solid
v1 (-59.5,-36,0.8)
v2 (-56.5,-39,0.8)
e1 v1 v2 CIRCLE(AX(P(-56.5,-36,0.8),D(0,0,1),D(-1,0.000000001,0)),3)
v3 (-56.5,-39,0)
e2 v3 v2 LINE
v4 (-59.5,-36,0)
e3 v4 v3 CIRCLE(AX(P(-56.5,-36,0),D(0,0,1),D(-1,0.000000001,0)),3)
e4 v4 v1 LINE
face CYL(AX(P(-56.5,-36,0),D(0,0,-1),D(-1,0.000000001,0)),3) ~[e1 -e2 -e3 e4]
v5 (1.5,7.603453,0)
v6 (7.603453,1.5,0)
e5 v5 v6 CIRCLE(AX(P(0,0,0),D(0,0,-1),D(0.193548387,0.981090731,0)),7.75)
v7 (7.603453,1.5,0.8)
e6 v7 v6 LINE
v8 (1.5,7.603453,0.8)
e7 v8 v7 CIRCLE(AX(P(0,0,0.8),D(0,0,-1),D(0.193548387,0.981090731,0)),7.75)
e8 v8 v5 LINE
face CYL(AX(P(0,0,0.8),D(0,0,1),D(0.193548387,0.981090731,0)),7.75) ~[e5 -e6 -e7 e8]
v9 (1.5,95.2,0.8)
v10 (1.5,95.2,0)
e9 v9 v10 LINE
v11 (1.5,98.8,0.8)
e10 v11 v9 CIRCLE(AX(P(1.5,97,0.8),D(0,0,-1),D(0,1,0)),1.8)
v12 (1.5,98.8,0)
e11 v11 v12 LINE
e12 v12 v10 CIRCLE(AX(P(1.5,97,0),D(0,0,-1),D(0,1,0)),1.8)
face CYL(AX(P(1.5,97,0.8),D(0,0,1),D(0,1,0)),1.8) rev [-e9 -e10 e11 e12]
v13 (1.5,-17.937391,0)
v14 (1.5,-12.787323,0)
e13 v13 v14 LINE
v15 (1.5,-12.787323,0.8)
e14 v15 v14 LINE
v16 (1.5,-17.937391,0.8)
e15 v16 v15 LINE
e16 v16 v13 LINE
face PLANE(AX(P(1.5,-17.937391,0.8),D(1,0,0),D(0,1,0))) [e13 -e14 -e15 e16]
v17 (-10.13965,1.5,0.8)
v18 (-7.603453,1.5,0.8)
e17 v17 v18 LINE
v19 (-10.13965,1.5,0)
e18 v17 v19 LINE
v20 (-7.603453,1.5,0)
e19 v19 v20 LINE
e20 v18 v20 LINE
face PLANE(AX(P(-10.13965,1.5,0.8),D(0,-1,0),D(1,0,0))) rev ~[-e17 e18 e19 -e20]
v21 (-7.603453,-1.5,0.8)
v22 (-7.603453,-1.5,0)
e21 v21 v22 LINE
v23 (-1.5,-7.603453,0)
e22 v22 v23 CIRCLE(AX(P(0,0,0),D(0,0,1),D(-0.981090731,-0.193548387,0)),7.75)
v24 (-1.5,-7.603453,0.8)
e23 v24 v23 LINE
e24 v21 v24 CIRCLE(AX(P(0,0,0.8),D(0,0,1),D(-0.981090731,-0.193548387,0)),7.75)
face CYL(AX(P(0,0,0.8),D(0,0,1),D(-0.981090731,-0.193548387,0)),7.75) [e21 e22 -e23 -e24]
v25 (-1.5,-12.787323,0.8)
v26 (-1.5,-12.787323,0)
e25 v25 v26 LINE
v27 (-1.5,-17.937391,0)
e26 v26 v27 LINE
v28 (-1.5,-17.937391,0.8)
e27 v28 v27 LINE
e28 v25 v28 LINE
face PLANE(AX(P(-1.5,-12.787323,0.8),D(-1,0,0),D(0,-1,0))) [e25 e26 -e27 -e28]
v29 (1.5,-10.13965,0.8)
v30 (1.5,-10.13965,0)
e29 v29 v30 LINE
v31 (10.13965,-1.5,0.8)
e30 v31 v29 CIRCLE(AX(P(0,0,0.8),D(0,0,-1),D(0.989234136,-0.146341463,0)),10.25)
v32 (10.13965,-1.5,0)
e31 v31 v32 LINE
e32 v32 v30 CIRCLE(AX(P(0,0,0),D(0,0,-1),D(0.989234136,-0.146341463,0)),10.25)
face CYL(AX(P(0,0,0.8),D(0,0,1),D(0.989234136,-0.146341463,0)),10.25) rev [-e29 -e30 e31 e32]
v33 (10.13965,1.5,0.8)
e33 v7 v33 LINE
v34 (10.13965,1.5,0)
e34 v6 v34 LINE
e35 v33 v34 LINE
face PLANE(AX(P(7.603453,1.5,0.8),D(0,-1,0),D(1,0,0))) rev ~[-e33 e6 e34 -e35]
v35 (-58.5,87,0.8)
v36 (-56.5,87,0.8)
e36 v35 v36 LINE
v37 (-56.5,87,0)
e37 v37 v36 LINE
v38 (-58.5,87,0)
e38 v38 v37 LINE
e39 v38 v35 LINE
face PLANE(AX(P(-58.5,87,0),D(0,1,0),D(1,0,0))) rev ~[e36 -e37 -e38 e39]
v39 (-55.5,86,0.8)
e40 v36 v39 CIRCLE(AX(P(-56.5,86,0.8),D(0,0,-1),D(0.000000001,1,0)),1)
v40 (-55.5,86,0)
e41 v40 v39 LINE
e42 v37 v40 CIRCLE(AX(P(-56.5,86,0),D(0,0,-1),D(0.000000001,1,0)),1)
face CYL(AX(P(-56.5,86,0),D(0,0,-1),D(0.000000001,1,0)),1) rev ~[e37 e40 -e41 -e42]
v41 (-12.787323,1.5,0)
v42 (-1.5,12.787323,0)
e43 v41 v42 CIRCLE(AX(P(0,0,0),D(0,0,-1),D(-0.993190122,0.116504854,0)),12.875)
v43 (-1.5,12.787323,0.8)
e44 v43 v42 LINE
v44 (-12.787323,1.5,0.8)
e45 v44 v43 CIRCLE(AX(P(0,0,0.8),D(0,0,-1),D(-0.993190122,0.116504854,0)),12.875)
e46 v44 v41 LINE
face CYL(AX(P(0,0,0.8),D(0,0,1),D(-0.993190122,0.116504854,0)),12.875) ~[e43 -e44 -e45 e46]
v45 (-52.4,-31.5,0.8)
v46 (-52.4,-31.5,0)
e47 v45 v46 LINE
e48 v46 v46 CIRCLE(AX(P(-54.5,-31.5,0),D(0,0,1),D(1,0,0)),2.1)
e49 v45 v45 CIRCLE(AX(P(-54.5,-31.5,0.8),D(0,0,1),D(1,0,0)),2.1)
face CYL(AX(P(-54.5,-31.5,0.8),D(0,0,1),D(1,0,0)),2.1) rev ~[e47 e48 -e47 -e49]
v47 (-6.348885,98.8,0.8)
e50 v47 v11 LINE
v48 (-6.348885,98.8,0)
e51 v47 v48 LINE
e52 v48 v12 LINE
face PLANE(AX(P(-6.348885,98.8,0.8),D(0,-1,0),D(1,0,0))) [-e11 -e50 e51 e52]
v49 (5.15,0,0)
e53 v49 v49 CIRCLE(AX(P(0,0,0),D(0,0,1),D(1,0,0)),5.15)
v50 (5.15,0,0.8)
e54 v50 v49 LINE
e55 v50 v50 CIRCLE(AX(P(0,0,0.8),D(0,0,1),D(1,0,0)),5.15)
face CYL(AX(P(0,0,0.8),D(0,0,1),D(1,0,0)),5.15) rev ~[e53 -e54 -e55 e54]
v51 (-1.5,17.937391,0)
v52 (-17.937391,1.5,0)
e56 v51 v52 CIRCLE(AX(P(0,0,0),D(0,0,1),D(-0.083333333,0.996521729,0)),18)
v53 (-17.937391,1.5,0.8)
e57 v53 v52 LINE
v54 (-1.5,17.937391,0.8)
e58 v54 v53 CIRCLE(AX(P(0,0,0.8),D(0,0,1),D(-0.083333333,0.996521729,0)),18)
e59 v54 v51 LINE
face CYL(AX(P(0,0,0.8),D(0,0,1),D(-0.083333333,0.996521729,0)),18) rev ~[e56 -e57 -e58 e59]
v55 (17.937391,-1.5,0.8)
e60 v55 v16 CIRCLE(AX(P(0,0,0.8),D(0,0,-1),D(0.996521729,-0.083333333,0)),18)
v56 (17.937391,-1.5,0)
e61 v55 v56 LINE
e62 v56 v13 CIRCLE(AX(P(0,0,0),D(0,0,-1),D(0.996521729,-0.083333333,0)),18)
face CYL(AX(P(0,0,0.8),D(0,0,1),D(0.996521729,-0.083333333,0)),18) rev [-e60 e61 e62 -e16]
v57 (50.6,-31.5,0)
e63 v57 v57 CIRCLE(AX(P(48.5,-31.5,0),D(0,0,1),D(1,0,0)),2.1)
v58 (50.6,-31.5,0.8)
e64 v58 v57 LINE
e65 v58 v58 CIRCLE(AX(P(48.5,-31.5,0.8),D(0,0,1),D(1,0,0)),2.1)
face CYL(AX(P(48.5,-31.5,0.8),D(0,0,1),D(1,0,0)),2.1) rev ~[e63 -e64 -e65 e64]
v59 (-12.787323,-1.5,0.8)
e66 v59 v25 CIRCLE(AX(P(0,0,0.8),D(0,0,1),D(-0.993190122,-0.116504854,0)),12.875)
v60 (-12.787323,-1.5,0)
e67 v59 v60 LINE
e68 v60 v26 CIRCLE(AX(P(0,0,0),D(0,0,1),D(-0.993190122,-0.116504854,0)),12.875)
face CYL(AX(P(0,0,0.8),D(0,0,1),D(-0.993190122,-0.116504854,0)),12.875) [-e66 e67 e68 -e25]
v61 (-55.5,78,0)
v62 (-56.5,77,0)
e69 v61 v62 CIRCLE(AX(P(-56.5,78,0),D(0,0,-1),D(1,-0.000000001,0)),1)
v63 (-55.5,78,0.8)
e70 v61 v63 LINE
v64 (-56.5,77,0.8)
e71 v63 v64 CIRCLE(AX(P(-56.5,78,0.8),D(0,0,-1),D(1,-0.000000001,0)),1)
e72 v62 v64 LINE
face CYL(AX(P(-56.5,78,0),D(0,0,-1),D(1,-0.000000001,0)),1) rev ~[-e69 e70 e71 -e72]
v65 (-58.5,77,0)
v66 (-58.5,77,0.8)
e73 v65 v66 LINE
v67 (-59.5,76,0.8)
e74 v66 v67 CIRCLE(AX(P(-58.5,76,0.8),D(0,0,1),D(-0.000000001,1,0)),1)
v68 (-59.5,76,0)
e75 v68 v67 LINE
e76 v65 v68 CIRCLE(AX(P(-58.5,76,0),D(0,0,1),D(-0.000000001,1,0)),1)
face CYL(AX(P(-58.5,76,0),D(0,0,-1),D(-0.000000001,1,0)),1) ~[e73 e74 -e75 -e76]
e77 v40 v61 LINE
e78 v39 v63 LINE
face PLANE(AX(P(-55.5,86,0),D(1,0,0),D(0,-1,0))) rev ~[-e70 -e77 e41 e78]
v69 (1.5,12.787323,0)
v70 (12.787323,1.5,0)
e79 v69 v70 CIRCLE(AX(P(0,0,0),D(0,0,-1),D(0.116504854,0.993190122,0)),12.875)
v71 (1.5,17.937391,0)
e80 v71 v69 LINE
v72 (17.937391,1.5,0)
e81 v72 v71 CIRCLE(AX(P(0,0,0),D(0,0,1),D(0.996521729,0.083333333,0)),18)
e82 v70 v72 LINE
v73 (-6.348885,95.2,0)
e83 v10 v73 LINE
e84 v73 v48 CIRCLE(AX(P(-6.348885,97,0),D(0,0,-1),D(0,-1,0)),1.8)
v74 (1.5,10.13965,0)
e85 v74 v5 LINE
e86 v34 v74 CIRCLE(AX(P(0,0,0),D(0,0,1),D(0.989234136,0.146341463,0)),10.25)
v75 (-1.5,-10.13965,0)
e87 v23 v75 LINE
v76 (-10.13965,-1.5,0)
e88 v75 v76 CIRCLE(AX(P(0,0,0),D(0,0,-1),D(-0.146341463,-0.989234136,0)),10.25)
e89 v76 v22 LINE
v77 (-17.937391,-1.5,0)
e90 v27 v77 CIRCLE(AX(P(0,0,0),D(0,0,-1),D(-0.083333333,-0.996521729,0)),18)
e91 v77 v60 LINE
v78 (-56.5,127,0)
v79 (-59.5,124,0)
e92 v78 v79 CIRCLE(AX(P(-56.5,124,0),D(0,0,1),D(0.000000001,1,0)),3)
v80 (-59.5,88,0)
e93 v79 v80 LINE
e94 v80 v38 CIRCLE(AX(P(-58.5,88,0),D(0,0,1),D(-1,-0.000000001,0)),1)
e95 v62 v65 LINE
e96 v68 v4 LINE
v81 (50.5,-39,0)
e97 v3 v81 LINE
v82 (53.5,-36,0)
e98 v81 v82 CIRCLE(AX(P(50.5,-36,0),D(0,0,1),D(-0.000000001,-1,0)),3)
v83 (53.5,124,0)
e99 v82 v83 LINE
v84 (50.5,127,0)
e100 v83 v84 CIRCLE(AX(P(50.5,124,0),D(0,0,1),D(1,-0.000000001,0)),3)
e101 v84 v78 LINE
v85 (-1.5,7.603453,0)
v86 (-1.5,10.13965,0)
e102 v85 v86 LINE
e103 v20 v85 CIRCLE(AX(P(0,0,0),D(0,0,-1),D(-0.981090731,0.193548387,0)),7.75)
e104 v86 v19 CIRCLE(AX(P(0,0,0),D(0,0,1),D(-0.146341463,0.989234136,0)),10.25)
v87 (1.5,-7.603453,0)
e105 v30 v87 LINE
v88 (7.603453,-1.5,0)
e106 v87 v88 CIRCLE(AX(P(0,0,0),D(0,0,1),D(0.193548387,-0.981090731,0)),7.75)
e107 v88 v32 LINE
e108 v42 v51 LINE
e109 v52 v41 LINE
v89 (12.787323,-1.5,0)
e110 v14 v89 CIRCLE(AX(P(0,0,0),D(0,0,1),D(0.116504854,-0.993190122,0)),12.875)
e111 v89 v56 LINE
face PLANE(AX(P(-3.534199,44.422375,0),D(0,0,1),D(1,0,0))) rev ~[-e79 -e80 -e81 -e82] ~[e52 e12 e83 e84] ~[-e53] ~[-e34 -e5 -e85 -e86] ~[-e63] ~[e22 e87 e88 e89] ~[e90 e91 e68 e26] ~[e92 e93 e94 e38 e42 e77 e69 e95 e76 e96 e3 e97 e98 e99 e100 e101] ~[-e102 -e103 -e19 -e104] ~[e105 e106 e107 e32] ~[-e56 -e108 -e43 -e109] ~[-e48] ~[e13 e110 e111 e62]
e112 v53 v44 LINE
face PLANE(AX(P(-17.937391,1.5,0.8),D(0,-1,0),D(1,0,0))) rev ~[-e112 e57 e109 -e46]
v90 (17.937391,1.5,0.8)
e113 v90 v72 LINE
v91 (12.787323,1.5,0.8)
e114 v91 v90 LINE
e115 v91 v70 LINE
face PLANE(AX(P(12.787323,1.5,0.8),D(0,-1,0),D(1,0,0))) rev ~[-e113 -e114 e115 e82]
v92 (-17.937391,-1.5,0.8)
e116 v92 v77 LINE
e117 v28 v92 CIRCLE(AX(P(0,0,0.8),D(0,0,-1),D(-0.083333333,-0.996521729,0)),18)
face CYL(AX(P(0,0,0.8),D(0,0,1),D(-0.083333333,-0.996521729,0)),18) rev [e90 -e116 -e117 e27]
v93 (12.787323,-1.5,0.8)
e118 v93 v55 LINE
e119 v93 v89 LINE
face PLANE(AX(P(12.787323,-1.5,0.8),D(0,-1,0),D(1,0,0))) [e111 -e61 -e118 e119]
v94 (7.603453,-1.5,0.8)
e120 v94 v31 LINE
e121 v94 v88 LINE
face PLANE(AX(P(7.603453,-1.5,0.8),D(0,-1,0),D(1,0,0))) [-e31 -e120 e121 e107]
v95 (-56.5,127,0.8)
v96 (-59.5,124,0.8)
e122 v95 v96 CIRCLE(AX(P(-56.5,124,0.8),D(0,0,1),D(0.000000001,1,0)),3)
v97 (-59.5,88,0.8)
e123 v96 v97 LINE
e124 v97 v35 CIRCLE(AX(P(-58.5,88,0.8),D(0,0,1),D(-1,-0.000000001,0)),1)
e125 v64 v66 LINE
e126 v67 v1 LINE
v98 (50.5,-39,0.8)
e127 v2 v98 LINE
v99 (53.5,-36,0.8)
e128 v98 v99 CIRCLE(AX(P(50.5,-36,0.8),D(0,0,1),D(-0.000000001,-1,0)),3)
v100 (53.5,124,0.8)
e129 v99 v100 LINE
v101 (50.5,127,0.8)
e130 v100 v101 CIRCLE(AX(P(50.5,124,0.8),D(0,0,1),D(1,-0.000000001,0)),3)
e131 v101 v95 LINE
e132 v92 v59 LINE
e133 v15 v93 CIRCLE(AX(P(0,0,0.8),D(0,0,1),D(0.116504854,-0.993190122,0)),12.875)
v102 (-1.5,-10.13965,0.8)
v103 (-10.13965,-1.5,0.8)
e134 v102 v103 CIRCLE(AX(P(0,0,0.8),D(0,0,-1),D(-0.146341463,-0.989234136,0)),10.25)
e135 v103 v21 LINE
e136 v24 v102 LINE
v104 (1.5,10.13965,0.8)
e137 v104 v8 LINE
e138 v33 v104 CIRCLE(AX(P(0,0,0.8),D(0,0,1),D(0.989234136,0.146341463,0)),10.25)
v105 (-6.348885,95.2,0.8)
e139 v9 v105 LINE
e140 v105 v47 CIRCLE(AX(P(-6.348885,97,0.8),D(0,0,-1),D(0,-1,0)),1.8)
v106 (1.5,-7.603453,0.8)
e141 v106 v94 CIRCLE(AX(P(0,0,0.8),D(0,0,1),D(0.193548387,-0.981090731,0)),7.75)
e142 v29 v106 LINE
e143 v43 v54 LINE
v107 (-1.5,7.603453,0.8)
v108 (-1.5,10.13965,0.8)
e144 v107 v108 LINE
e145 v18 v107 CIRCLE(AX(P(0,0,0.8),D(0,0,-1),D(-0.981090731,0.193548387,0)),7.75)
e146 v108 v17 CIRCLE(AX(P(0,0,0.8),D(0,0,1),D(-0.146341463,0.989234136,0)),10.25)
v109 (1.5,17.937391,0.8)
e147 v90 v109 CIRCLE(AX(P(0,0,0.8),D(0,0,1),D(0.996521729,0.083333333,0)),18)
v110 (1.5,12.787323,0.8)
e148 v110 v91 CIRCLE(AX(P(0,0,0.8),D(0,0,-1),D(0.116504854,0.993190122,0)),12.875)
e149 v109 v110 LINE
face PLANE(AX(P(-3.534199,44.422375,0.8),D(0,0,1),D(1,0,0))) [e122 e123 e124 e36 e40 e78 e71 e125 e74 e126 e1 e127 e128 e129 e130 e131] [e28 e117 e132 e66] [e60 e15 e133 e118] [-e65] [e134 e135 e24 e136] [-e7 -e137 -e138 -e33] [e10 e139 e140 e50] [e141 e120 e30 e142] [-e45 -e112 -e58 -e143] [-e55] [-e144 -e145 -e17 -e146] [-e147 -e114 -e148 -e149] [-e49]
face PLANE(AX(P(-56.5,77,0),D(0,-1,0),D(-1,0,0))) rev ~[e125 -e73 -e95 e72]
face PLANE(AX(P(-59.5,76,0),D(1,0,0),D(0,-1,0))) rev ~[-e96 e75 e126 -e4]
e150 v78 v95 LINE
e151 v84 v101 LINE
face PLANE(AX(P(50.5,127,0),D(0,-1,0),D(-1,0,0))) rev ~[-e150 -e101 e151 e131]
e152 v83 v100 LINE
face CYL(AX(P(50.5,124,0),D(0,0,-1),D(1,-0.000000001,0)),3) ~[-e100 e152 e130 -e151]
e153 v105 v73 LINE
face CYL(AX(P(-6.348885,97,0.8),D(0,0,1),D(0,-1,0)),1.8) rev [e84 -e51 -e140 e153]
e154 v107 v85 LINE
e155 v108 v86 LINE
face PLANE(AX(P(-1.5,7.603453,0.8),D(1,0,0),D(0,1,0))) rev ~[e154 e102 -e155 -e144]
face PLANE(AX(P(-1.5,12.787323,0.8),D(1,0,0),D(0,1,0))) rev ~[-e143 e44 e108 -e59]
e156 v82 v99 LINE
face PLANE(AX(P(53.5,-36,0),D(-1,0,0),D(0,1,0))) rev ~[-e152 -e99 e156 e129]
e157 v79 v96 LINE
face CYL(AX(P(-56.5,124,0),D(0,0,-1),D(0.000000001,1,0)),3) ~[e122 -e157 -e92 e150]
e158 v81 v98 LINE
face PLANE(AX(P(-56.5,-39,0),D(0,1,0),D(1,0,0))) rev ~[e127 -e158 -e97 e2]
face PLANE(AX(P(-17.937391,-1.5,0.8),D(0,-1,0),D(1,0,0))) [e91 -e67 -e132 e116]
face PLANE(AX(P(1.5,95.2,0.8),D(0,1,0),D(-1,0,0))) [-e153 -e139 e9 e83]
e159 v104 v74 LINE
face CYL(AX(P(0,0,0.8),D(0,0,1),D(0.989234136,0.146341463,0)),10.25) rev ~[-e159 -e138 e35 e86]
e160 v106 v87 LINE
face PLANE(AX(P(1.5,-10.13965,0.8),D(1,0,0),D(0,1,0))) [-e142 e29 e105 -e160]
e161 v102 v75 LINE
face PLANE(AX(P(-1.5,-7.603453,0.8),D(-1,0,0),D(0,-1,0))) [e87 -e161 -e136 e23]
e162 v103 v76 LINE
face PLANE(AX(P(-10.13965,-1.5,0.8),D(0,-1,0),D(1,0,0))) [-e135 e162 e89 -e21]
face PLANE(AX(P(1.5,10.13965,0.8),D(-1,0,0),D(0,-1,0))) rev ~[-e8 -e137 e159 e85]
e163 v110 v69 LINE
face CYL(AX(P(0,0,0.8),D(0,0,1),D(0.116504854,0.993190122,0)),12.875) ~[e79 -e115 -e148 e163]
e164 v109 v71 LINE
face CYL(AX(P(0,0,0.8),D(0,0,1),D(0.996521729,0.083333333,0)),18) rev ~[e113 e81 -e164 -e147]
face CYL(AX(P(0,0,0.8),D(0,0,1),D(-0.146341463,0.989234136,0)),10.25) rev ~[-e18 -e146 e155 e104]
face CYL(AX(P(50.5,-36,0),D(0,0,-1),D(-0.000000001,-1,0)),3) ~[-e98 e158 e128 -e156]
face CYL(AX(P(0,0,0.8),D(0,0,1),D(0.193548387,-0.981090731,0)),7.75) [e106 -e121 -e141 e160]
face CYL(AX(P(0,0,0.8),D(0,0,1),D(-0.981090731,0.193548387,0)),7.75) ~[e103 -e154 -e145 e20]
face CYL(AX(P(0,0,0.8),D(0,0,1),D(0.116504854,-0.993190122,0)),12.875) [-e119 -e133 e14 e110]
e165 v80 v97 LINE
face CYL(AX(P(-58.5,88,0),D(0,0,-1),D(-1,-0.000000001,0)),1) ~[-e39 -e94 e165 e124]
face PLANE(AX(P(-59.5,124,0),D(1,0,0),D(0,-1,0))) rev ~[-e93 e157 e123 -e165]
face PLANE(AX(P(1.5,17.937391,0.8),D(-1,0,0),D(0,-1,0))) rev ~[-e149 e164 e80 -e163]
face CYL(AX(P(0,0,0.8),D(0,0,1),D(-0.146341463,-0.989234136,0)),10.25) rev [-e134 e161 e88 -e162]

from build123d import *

# Parameters (mm, degrees)
SALIENTE_EXTRUIR1_DEPTH = 0.8
CROQUIS5_R              = 5.15
CORTAR_EXTRUIR1_DEPTH   = 0.8
CROQUIS4_R              = 2.1
CORTAR_EXTRUIR2_DEPTH   = 0.8


with BuildPart() as part:
    # Croquis1 → Saliente-Extruir1 (new body)
    with BuildSketch(Plane.XY):
        with BuildLine():
            Line((-55.5, 86), (-55.5, 78))
            ThreePointArc((-55.5, 78), (-55.792893219, 77.292893219), (-56.5, 77))
            Line((-56.5, 77), (-58.5, 77))
            ThreePointArc((-58.5, 77), (-59.207106781, 76.707106781), (-59.5, 76))
            Line((-59.5, 76), (-59.5, -36))
            ThreePointArc((-59.5, -36), (-58.621320344, -38.121320344), (-56.5, -39))
            Line((-56.5, -39), (50.5, -39))
            ThreePointArc((50.5, -39), (52.621320344, -38.121320344), (53.5, -36))
            Line((53.5, -36), (53.5, 124))
            ThreePointArc((53.5, 124), (52.621320344, 126.121320344), (50.5, 127))
            Line((50.5, 127), (-56.5, 127))
            ThreePointArc((-56.5, 127), (-58.621320344, 126.121320344), (-59.5, 124))
            Line((-59.5, 124), (-59.5, 88))
            ThreePointArc((-59.5, 88), (-59.207106781, 87.292893219), (-58.5, 87))
            Line((-58.5, 87), (-56.5, 87))
            ThreePointArc((-56.5, 87), (-55.792893219, 86.707106781), (-55.5, 86))
        make_face()
    extrude(amount=SALIENTE_EXTRUIR1_DEPTH)

    # Croquis5 → Cortar-Extruir1 (cut)
    with BuildSketch(Plane.XY.offset(0.8)):
        Circle(CROQUIS5_R)
        with BuildLine():
            Line((-17.937391115, -1.5), (-12.787322824, -1.5))
            ThreePointArc((-12.787322824, -1.5), (-9.103999808, -9.103999808), (-1.5, -12.787322824))
            Line((-1.5, -12.787322824), (-1.5, -17.937391115))
            ThreePointArc((-1.5, -17.937391115), (-12.727922061, -12.727922061), (-17.937391115, -1.5))
        make_face()
        with BuildLine():
            Line((-17.937391115, 1.5), (-12.787322824, 1.5))
            ThreePointArc((-12.787322824, 1.5), (-9.103999808, 9.103999808), (-1.5, 12.787322824))
            Line((-1.5, 12.787322824), (-1.5, 17.937391115))
            ThreePointArc((-1.5, 17.937391115), (-12.727922061, 12.727922061), (-17.937391115, 1.5))
        make_face()
        with BuildLine():
            Line((1.5, -17.937391115), (1.5, -12.787322824))
            ThreePointArc((1.5, -12.787322824), (9.103999808, -9.103999808), (12.787322824, -1.5))
            Line((12.787322824, -1.5), (17.937391115, -1.5))
            ThreePointArc((17.937391115, -1.5), (12.727922061, -12.727922061), (1.5, -17.937391115))
        make_face()
        with BuildLine():
            Line((-10.139649895, 1.5), (-7.603453163, 1.5))
            ThreePointArc((-7.603453163, 1.5), (-5.480077554, 5.480077554), (-1.5, 7.603453163))
            Line((-1.5, 7.603453163), (-1.5, 10.139649895))
            ThreePointArc((-1.5, 10.139649895), (-7.247844507, 7.247844507), (-10.139649895, 1.5))
        make_face()
        with BuildLine():
            Line((-10.139649895, -1.5), (-7.603453163, -1.5))
            ThreePointArc((-7.603453163, -1.5), (-5.480077554, -5.480077554), (-1.5, -7.603453163))
            Line((-1.5, -7.603453163), (-1.5, -10.139649895))
            ThreePointArc((-1.5, -10.139649895), (-7.247844507, -7.247844507), (-10.139649895, -1.5))
        make_face()
        with BuildLine():
            Line((7.603453163, -1.5), (10.139649895, -1.5))
            ThreePointArc((10.139649895, -1.5), (7.247844507, -7.247844507), (1.5, -10.139649895))
            Line((1.5, -10.139649895), (1.5, -7.603453163))
            ThreePointArc((1.5, -7.603453163), (5.480077554, -5.480077554), (7.603453163, -1.5))
        make_face()
        with BuildLine():
            Line((7.603453163, 1.5), (10.139649895, 1.5))
            ThreePointArc((10.139649895, 1.5), (7.247844507, 7.247844507), (1.5, 10.139649895))
            Line((1.5, 10.139649895), (1.5, 7.603453163))
            ThreePointArc((1.5, 7.603453163), (5.480077554, 5.480077554), (7.603453163, 1.5))
        make_face()
        with BuildLine():
            Line((12.787322824, 1.5), (17.937391115, 1.5))
            ThreePointArc((17.937391115, 1.5), (12.727922061, 12.727922061), (1.5, 17.937391115))
            Line((1.5, 17.937391115), (1.5, 12.787322824))
            ThreePointArc((1.5, 12.787322824), (9.103999808, 9.103999808), (12.787322824, 1.5))
        make_face()
    extrude(amount=-CORTAR_EXTRUIR1_DEPTH, mode=Mode.SUBTRACT)

    # Croquis4 → Cortar-Extruir2 (cut)
    with BuildSketch(Plane.XY.offset(0.8)):
        with Locations((-54.5, -31.5)):
            Circle(CROQUIS4_R)
        with Locations((48.5, -31.5)):
            Circle(CROQUIS4_R)
        with BuildLine():
            Line((-6.348885271, 98.8), (1.5, 98.8))
            ThreePointArc((1.5, 98.8), (3.3, 97), (1.5, 95.2))
            Line((1.5, 95.2), (-6.348885271, 95.2))
            ThreePointArc((-6.348885271, 95.2), (-8.148885271, 97), (-6.348885271, 98.8))
        make_face()
    extrude(amount=-CORTAR_EXTRUIR2_DEPTH, mode=Mode.SUBTRACT)


solid = part.part
